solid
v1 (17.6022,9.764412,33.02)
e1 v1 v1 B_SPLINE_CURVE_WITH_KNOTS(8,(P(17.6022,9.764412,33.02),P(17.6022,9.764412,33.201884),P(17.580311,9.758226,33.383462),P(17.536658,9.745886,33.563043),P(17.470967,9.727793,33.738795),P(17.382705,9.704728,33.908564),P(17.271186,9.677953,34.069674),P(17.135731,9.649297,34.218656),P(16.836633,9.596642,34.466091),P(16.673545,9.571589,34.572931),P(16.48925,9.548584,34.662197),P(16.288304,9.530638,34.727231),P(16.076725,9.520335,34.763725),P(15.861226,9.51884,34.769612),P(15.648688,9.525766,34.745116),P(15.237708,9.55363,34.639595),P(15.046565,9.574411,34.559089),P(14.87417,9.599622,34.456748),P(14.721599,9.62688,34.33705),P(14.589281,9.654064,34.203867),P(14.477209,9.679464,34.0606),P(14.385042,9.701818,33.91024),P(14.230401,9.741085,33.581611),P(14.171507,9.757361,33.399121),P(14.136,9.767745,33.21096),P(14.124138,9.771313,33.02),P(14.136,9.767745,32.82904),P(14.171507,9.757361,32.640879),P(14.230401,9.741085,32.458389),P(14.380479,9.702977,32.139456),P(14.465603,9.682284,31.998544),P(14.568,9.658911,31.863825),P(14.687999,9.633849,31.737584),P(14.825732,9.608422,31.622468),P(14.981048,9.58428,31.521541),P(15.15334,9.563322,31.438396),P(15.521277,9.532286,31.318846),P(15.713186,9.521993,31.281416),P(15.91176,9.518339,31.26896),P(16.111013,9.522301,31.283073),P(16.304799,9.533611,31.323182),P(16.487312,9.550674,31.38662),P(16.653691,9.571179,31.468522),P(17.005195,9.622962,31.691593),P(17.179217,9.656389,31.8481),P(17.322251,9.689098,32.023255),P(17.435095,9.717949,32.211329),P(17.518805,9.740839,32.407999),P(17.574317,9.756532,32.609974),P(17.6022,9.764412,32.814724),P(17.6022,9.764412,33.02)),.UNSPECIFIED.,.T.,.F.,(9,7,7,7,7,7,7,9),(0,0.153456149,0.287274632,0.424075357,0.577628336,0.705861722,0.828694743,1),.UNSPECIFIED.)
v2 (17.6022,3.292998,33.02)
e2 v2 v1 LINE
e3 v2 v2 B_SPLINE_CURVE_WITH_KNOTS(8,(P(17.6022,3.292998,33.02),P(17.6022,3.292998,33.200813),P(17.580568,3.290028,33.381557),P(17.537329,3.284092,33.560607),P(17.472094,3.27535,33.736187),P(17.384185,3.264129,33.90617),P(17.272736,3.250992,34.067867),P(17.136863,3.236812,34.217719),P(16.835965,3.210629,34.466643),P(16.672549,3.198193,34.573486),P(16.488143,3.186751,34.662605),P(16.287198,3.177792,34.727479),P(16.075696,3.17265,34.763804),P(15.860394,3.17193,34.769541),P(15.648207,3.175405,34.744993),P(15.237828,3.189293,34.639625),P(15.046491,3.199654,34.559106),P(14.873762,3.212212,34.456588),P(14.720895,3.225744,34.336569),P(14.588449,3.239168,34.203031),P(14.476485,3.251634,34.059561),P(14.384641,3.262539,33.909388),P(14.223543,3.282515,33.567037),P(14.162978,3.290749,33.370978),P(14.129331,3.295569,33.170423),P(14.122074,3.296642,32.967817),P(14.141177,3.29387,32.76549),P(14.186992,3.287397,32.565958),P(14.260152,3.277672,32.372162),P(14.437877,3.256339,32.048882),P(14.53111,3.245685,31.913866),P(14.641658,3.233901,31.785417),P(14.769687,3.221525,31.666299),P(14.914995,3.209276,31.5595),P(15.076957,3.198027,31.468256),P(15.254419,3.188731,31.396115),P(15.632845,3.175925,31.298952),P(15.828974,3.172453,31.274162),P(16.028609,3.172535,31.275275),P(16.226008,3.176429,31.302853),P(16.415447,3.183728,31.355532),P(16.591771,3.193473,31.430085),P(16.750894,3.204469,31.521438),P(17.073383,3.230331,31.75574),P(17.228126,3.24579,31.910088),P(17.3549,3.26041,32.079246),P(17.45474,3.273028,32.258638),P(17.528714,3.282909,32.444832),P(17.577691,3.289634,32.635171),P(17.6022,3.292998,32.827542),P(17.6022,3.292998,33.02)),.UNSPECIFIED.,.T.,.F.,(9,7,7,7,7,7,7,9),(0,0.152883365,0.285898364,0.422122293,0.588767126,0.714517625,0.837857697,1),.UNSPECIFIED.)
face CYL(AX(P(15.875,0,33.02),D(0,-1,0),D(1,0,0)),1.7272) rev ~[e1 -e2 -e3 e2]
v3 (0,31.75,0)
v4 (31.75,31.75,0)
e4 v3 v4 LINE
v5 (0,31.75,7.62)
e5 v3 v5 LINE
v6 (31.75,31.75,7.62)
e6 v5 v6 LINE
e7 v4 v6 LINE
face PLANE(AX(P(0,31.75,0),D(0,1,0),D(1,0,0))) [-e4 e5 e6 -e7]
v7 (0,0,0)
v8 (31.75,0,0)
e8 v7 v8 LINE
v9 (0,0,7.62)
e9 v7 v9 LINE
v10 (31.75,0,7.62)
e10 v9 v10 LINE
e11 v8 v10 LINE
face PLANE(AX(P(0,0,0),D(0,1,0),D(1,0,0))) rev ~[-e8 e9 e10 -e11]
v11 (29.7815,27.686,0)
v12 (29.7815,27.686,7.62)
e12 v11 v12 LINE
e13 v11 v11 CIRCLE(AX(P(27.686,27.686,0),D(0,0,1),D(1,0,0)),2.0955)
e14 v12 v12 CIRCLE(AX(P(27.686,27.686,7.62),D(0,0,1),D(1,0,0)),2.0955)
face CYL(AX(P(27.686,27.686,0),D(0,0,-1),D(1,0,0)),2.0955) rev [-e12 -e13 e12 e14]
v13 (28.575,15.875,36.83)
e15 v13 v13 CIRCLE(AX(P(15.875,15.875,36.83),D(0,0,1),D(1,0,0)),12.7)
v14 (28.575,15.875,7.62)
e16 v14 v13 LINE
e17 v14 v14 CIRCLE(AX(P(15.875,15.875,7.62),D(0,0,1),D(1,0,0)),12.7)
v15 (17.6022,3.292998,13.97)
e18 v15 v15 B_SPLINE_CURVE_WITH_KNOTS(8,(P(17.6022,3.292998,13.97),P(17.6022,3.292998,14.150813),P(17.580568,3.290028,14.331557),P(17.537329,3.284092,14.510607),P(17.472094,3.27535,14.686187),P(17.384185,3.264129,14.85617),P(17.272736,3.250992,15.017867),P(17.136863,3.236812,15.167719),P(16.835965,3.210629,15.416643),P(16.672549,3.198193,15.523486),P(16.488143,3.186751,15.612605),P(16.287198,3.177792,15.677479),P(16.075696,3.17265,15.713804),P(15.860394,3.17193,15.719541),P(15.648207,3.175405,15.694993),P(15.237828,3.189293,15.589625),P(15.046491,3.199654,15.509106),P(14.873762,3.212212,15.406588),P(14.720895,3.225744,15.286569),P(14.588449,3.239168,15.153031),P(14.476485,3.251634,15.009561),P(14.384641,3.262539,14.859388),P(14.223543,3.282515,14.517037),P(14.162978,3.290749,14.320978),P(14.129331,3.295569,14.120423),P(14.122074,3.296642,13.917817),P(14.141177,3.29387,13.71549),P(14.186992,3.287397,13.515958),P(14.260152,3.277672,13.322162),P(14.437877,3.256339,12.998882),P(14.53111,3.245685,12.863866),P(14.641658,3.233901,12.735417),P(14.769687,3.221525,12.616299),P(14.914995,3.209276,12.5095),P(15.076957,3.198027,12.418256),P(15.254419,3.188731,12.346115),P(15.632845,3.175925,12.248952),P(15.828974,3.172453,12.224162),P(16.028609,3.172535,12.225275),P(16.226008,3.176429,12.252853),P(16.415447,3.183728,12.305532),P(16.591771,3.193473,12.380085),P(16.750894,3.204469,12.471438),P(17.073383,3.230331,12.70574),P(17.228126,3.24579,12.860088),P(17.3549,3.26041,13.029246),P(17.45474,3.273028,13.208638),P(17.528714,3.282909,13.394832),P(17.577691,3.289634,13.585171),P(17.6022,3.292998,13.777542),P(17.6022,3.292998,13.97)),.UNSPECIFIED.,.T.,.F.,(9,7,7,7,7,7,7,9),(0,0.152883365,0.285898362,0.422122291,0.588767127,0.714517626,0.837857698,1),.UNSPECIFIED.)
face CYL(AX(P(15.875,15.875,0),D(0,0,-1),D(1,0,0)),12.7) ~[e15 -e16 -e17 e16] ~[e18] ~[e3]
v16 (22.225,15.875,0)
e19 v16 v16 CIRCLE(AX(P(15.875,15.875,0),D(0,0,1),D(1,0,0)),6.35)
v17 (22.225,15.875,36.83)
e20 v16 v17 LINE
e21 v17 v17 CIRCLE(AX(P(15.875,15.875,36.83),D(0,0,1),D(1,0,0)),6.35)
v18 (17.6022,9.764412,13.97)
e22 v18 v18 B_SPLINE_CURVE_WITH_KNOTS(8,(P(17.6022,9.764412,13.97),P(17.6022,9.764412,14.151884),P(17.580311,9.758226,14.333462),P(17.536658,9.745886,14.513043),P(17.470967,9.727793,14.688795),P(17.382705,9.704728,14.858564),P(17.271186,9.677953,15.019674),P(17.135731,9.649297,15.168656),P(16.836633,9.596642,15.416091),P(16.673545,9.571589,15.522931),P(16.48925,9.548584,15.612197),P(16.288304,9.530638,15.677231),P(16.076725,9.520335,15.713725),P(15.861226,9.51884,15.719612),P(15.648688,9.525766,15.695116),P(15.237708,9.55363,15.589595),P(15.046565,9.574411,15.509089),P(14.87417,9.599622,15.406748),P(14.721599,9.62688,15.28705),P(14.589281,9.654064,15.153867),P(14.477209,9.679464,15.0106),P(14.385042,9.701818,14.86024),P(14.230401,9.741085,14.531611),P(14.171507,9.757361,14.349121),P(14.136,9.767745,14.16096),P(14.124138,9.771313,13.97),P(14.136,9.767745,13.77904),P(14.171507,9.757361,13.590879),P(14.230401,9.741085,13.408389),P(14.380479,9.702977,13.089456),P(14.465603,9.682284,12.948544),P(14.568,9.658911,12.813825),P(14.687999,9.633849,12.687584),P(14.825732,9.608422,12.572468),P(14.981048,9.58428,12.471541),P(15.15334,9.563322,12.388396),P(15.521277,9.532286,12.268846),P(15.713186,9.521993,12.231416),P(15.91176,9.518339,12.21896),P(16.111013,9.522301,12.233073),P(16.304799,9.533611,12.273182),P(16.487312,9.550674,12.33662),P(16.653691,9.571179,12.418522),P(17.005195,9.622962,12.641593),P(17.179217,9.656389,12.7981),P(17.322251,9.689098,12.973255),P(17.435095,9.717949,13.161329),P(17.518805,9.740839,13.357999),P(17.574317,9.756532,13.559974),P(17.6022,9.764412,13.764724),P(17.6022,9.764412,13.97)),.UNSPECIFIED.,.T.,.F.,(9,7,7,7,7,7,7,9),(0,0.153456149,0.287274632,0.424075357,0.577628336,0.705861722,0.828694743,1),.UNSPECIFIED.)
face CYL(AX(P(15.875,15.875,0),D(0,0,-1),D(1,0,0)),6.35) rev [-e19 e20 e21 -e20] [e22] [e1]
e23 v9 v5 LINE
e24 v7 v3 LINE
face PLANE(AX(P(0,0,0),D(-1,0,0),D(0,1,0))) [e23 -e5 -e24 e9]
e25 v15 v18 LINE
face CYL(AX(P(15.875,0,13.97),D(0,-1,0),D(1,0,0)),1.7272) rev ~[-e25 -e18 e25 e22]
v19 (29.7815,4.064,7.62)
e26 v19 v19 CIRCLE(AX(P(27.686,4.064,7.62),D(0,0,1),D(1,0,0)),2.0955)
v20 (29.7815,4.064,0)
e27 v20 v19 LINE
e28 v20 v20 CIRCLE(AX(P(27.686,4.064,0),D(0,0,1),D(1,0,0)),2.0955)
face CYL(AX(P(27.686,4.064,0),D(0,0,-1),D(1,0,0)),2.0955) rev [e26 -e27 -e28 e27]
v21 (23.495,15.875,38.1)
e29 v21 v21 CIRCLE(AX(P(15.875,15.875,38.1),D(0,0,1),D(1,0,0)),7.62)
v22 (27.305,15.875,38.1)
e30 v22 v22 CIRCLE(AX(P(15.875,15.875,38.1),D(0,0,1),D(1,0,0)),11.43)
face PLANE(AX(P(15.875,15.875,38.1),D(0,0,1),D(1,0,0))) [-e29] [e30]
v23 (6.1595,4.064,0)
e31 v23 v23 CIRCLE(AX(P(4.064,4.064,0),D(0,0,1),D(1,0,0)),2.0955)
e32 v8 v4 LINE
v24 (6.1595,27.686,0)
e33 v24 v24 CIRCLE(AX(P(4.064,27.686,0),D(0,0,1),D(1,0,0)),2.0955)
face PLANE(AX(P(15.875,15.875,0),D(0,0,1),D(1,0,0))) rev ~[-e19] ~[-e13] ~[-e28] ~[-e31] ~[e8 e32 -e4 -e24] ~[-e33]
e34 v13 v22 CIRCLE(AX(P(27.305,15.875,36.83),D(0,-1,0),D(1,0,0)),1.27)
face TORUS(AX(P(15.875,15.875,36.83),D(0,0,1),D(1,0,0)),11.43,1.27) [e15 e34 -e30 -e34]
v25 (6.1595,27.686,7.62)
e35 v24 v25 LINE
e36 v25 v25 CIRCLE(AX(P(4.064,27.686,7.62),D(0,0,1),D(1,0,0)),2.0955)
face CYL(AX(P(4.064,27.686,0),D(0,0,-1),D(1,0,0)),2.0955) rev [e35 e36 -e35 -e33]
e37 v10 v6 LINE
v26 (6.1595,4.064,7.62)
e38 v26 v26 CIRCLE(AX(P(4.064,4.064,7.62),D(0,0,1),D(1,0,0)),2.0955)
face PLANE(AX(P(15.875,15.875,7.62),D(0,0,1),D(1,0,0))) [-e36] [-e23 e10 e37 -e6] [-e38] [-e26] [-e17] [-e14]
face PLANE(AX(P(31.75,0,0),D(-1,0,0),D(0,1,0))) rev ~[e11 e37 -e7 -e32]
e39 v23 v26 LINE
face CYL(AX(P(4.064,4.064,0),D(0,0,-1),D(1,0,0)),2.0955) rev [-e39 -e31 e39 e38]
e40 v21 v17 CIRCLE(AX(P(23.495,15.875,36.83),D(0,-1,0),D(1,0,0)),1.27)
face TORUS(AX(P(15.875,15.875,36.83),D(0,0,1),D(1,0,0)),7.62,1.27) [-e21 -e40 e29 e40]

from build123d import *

# Parameters (mm, degrees)
F0_W     = 31.75
F0_H     = 31.75
F0_R     = 2.0955
F0_R_2   = 12.7
F1_DEPTH = 7.62
F0_R_3   = 6.35
F2_DEPTH = 38.1
F3_R     = 1.7272
F4_DEPTH = 15.875
F5_R     = 1.27


with BuildPart() as f1:
    # F0 (on Top) → F1 (new body)
    with BuildSketch(Plane.XY):
        with Locations((15.875, 15.875)):
            Rectangle(F0_W, F0_H)
        with Locations((4.064, 4.064)):
            Circle(F0_R, mode=Mode.SUBTRACT)
        with Locations((27.686, 4.064)):
            Circle(F0_R, mode=Mode.SUBTRACT)
        with Locations((4.064, 27.686)):
            Circle(F0_R, mode=Mode.SUBTRACT)
        with Locations((15.875, 15.875)):
            Circle(F0_R_2, mode=Mode.SUBTRACT)
        with Locations((27.686, 27.686)):
            Circle(F0_R, mode=Mode.SUBTRACT)
    extrude(amount=F1_DEPTH)

    # F0 (on Top) → F2 (join)
    with BuildSketch(Plane.XY):
        with Locations((15.875, 15.875)):
            Circle(F0_R_2)
        with Locations((15.875, 15.875)):
            Circle(F0_R_3, mode=Mode.SUBTRACT)
    extrude(amount=F2_DEPTH)

    # F3 (on Front) → F4 (cut)
    with BuildSketch(Plane.XZ):
        with Locations((15.875, 13.97)):
            Circle(F3_R)
        with Locations((15.875, 33.02)):
            Circle(F3_R)
    extrude(amount=-F4_DEPTH, mode=Mode.SUBTRACT)

    # F5
    f5_edges = [f1.edges().sort_by_distance(p)[0] for p in [
        (3.175, 15.875, 38.1),
        (9.525, 15.875, 38.1),
    ]]
    fillet(f5_edges, radius=F5_R)


solid = f1.part
